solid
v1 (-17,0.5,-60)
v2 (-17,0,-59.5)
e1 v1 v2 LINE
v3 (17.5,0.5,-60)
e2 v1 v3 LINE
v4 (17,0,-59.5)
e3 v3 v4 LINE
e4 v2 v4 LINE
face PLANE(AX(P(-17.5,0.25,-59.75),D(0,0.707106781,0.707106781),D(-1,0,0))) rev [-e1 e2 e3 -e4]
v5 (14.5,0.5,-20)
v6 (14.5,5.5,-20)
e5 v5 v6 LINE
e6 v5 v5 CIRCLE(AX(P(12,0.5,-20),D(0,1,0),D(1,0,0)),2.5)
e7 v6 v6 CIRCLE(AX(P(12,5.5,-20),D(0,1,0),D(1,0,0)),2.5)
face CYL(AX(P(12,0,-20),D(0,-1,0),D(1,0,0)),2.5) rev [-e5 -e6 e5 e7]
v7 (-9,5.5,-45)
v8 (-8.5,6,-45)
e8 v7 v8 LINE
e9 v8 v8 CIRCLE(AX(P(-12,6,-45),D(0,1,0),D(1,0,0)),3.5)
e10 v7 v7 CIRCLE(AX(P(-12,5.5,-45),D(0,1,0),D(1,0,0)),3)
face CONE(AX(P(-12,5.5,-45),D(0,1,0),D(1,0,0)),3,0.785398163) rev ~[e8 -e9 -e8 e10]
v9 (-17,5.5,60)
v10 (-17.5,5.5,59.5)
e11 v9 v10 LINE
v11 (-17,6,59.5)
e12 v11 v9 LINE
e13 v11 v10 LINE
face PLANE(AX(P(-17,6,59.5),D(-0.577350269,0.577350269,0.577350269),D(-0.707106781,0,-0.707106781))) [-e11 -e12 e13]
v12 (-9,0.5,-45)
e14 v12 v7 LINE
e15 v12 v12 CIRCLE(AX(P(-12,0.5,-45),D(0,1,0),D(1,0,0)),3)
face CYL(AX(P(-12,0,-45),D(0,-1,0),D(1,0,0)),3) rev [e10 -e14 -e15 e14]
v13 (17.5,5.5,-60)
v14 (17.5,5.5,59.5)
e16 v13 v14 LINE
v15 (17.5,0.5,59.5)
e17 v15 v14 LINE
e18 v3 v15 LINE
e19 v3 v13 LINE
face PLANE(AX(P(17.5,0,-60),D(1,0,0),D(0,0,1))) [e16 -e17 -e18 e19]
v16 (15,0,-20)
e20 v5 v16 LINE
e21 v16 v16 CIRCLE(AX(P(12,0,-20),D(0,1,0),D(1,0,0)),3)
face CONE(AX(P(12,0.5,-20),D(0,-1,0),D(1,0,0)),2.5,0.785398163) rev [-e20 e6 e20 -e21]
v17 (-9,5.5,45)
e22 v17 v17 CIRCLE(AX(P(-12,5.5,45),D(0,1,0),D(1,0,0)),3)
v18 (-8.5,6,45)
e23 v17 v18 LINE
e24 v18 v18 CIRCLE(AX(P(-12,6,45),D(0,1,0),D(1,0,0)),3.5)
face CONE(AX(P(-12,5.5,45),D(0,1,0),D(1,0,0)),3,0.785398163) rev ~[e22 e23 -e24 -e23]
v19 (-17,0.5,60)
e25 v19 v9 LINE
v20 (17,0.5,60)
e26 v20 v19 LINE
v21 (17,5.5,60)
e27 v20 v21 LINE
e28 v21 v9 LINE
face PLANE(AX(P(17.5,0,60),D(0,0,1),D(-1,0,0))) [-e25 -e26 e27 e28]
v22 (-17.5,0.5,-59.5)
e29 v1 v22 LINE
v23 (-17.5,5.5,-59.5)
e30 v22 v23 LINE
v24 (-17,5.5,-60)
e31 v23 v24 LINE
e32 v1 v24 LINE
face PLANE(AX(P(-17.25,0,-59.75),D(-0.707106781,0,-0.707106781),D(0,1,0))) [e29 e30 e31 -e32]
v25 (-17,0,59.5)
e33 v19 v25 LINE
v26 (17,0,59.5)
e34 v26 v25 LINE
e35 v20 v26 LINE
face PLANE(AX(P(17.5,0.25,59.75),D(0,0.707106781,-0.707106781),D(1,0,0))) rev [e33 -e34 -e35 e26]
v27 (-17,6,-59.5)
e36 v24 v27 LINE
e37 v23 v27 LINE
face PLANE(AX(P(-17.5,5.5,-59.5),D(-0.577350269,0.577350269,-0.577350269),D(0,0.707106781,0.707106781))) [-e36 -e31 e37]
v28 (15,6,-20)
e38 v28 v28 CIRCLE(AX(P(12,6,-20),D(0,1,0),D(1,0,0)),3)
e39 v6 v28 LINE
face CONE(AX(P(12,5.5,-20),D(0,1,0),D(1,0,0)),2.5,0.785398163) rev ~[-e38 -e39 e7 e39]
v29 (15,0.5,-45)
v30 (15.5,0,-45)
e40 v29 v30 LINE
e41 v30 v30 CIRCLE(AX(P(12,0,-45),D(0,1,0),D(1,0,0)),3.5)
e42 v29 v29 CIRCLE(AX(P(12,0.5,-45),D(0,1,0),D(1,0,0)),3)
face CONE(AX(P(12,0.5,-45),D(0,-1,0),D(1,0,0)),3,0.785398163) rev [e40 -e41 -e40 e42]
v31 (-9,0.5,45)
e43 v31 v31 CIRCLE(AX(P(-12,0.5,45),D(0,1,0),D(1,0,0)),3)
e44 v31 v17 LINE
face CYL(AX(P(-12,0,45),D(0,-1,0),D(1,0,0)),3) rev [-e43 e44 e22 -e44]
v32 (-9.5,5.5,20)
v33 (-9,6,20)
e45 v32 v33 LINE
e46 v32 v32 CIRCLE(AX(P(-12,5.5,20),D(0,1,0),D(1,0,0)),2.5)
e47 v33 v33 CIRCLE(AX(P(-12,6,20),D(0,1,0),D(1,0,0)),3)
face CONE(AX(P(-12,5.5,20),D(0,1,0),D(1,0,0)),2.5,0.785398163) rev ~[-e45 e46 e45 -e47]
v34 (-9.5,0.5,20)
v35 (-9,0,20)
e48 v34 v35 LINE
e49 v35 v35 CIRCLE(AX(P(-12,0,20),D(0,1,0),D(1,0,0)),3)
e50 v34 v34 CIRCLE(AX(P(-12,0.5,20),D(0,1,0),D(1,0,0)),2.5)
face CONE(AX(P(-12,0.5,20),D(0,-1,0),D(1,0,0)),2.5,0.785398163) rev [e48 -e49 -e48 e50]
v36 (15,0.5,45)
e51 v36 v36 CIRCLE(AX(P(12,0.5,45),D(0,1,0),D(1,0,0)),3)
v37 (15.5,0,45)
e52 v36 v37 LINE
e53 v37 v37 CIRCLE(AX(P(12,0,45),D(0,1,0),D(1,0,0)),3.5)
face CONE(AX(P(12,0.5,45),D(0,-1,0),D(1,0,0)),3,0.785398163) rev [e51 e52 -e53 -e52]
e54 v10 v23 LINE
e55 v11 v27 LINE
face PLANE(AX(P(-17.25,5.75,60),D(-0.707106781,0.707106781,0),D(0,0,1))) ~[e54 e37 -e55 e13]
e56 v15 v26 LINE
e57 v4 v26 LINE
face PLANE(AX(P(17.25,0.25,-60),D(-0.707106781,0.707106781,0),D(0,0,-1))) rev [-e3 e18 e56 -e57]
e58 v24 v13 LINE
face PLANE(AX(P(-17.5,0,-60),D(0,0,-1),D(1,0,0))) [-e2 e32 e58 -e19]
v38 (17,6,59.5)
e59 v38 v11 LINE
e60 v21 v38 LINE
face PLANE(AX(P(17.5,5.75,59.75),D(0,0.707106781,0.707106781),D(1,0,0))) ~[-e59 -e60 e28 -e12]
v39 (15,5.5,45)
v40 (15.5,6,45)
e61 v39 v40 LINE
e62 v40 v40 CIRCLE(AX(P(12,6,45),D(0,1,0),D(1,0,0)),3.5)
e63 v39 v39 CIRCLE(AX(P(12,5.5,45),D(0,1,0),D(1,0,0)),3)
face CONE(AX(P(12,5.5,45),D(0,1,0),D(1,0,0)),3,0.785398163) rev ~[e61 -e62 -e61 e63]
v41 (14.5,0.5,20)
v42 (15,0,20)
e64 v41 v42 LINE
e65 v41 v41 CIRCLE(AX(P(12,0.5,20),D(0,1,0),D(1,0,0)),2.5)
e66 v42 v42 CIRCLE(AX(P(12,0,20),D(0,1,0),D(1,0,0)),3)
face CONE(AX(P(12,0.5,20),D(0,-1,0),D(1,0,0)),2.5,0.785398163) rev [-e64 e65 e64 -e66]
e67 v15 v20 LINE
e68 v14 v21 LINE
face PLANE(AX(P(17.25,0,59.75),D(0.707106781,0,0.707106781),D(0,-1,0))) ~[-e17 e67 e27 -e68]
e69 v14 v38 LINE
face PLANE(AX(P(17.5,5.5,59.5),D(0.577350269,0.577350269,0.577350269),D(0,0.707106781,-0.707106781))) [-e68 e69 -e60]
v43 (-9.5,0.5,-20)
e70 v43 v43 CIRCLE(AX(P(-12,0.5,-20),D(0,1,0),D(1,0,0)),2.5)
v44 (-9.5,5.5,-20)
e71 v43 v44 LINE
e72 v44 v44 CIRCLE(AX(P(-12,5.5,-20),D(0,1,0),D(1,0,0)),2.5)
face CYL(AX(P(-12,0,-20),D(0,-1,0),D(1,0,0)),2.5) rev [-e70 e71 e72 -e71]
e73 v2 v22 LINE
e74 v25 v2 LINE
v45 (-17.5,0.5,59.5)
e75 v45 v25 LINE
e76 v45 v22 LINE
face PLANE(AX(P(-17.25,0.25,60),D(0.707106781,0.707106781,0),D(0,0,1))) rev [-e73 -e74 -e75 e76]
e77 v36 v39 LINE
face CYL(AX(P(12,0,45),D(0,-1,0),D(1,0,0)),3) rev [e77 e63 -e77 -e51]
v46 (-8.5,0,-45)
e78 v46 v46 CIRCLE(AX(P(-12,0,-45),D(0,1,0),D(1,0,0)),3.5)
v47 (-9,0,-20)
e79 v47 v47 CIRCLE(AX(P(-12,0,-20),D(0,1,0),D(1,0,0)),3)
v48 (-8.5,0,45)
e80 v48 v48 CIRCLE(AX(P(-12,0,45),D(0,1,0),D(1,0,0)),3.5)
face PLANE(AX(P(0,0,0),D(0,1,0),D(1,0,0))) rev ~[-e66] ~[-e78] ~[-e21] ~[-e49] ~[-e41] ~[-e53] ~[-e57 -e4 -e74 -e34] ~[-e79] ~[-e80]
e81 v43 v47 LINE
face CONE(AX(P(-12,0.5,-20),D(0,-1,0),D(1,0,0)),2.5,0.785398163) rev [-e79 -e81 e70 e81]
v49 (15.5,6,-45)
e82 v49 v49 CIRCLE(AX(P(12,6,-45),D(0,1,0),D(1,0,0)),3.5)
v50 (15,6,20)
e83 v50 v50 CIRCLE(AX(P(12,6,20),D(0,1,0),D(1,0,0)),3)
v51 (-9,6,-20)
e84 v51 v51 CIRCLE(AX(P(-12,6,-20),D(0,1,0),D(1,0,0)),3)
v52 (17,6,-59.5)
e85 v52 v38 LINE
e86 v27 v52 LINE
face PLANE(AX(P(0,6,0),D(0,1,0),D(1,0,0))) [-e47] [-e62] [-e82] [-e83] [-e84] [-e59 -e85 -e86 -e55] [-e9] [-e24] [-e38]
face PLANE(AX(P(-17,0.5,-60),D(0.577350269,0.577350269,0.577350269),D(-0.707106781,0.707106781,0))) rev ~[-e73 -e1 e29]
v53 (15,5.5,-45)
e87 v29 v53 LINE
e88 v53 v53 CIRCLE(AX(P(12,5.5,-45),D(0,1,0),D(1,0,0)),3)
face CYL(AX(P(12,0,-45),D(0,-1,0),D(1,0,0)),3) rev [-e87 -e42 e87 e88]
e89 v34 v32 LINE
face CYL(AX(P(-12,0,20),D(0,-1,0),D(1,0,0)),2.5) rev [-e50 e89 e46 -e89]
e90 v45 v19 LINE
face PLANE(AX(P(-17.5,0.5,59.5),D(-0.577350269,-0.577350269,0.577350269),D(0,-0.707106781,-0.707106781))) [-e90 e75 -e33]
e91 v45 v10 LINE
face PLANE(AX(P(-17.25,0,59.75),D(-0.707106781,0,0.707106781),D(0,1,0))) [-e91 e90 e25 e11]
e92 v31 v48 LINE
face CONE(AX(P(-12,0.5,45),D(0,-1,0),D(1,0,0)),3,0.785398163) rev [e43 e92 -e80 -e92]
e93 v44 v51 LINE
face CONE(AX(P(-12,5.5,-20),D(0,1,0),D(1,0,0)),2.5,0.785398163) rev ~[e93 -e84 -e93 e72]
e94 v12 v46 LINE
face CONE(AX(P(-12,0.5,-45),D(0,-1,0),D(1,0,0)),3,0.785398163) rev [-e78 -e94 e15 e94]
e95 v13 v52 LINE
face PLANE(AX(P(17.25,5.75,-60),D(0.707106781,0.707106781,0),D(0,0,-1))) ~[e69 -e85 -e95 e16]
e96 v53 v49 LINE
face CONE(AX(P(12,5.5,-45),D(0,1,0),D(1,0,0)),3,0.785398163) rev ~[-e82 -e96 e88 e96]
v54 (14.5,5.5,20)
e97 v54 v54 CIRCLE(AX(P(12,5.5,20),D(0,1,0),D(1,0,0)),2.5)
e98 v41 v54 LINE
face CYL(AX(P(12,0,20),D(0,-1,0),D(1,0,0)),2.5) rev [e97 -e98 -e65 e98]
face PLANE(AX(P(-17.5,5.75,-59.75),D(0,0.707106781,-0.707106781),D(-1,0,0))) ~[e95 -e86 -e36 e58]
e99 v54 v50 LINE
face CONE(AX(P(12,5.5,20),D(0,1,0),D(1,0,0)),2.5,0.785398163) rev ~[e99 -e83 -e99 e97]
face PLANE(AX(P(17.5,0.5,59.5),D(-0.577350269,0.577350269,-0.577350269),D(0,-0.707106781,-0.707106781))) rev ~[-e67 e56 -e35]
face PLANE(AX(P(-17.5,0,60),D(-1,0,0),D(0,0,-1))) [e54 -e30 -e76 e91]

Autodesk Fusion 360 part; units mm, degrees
sketch "Sketch1" plane through (0, 0, 0) normal (0, 1, 0) x (1, 0, 0)
  line L0 (17.5, -60) -> (-17.5, -60)
  line L1 (-17.5, -60) -> (-17.5, 60)
  line L2 (-17.5, 60) -> (17.5, 60)
  line L3 (17.5, 60) -> (17.5, -60)
  line L4 (17.5, -60) -> (-17.5, 60) construction
  line L5 (-17.5, -60) -> (17.5, 60) construction
  line L6 (12, -60) -> (12, 60) construction
  line L7 (-12, -60) -> (-12, 60) construction
  line L8 (-17.5, -20) -> (17.5, -20) construction
  line L9 (-17.5, -45) -> (17.5, -45) construction
  line L10 (-17.5, 20) -> (17.5, 20) construction
  line L11 (-17.5, 45) -> (17.5, 45) construction
  circle A0 centre (-12, -45) radius 3
  circle A1 centre (12, -45) radius 3
  circle A2 centre (-12, -20) radius 2.5
  circle A3 centre (12, -20) radius 2.5
  circle A4 centre (-12, 20) radius 2.5
  circle A5 centre (12, 20) radius 2.5
  circle A6 centre (-12, 45) radius 3
  circle A7 centre (12, 45) radius 3
  dimension "d1" = 120
  dimension "d2" = 35
  dimension "d3" = 5.5
  dimension "d4" = 5.5
  dimension "d5" = 24
  dimension "d6" = 40
  dimension "d7" = 25
  dimension "d8" = 25
  dimension "d9" = 20
  dimension "d10" = 6
  dimension "d11" = 6
  dimension "d12" = 5
  dimension "d13" = 5
  dimension "d14" = 5
  dimension "d15" = 5
  dimension "d16" = 6
  dimension "d17" = 6
extrude "Extrude1" add sketch "Sketch1" along normal blind 6
chamfer "Chamfer1" distance 0.5 angle 45 27 edges at (0, 0, 60) (-17.5, 3, 60) (0, 6, 60) (17.5, 3, 60) (17.5, 6, 0) (17.5, 0, 0) (-17.5, 0, 0) (-14.797, 0, 43.9152) (9.203, 0, 43.9152) (-14.3308, 0, 19.096) (9.6692, 0, 19.096) (9.6692, 0, -20.904) (-14.3308, 0, -20.904) (-14.797, 0, -46.0848) (9.203, 0, -46.0848) (0, 0, -60) (9.203, 6, -46.0848) (0, 6, -60) (-17.5, 3, -60) (-17.5, 6, 0) (-14.797, 6, -46.0848) (-14.3308, 6, -20.904) (9.6692, 6, -20.904) (9.6692, 6, 19.096) (-14.3308, 6, 19.096) (-14.797, 6, 43.9152) (9.203, 6, 43.9152)
